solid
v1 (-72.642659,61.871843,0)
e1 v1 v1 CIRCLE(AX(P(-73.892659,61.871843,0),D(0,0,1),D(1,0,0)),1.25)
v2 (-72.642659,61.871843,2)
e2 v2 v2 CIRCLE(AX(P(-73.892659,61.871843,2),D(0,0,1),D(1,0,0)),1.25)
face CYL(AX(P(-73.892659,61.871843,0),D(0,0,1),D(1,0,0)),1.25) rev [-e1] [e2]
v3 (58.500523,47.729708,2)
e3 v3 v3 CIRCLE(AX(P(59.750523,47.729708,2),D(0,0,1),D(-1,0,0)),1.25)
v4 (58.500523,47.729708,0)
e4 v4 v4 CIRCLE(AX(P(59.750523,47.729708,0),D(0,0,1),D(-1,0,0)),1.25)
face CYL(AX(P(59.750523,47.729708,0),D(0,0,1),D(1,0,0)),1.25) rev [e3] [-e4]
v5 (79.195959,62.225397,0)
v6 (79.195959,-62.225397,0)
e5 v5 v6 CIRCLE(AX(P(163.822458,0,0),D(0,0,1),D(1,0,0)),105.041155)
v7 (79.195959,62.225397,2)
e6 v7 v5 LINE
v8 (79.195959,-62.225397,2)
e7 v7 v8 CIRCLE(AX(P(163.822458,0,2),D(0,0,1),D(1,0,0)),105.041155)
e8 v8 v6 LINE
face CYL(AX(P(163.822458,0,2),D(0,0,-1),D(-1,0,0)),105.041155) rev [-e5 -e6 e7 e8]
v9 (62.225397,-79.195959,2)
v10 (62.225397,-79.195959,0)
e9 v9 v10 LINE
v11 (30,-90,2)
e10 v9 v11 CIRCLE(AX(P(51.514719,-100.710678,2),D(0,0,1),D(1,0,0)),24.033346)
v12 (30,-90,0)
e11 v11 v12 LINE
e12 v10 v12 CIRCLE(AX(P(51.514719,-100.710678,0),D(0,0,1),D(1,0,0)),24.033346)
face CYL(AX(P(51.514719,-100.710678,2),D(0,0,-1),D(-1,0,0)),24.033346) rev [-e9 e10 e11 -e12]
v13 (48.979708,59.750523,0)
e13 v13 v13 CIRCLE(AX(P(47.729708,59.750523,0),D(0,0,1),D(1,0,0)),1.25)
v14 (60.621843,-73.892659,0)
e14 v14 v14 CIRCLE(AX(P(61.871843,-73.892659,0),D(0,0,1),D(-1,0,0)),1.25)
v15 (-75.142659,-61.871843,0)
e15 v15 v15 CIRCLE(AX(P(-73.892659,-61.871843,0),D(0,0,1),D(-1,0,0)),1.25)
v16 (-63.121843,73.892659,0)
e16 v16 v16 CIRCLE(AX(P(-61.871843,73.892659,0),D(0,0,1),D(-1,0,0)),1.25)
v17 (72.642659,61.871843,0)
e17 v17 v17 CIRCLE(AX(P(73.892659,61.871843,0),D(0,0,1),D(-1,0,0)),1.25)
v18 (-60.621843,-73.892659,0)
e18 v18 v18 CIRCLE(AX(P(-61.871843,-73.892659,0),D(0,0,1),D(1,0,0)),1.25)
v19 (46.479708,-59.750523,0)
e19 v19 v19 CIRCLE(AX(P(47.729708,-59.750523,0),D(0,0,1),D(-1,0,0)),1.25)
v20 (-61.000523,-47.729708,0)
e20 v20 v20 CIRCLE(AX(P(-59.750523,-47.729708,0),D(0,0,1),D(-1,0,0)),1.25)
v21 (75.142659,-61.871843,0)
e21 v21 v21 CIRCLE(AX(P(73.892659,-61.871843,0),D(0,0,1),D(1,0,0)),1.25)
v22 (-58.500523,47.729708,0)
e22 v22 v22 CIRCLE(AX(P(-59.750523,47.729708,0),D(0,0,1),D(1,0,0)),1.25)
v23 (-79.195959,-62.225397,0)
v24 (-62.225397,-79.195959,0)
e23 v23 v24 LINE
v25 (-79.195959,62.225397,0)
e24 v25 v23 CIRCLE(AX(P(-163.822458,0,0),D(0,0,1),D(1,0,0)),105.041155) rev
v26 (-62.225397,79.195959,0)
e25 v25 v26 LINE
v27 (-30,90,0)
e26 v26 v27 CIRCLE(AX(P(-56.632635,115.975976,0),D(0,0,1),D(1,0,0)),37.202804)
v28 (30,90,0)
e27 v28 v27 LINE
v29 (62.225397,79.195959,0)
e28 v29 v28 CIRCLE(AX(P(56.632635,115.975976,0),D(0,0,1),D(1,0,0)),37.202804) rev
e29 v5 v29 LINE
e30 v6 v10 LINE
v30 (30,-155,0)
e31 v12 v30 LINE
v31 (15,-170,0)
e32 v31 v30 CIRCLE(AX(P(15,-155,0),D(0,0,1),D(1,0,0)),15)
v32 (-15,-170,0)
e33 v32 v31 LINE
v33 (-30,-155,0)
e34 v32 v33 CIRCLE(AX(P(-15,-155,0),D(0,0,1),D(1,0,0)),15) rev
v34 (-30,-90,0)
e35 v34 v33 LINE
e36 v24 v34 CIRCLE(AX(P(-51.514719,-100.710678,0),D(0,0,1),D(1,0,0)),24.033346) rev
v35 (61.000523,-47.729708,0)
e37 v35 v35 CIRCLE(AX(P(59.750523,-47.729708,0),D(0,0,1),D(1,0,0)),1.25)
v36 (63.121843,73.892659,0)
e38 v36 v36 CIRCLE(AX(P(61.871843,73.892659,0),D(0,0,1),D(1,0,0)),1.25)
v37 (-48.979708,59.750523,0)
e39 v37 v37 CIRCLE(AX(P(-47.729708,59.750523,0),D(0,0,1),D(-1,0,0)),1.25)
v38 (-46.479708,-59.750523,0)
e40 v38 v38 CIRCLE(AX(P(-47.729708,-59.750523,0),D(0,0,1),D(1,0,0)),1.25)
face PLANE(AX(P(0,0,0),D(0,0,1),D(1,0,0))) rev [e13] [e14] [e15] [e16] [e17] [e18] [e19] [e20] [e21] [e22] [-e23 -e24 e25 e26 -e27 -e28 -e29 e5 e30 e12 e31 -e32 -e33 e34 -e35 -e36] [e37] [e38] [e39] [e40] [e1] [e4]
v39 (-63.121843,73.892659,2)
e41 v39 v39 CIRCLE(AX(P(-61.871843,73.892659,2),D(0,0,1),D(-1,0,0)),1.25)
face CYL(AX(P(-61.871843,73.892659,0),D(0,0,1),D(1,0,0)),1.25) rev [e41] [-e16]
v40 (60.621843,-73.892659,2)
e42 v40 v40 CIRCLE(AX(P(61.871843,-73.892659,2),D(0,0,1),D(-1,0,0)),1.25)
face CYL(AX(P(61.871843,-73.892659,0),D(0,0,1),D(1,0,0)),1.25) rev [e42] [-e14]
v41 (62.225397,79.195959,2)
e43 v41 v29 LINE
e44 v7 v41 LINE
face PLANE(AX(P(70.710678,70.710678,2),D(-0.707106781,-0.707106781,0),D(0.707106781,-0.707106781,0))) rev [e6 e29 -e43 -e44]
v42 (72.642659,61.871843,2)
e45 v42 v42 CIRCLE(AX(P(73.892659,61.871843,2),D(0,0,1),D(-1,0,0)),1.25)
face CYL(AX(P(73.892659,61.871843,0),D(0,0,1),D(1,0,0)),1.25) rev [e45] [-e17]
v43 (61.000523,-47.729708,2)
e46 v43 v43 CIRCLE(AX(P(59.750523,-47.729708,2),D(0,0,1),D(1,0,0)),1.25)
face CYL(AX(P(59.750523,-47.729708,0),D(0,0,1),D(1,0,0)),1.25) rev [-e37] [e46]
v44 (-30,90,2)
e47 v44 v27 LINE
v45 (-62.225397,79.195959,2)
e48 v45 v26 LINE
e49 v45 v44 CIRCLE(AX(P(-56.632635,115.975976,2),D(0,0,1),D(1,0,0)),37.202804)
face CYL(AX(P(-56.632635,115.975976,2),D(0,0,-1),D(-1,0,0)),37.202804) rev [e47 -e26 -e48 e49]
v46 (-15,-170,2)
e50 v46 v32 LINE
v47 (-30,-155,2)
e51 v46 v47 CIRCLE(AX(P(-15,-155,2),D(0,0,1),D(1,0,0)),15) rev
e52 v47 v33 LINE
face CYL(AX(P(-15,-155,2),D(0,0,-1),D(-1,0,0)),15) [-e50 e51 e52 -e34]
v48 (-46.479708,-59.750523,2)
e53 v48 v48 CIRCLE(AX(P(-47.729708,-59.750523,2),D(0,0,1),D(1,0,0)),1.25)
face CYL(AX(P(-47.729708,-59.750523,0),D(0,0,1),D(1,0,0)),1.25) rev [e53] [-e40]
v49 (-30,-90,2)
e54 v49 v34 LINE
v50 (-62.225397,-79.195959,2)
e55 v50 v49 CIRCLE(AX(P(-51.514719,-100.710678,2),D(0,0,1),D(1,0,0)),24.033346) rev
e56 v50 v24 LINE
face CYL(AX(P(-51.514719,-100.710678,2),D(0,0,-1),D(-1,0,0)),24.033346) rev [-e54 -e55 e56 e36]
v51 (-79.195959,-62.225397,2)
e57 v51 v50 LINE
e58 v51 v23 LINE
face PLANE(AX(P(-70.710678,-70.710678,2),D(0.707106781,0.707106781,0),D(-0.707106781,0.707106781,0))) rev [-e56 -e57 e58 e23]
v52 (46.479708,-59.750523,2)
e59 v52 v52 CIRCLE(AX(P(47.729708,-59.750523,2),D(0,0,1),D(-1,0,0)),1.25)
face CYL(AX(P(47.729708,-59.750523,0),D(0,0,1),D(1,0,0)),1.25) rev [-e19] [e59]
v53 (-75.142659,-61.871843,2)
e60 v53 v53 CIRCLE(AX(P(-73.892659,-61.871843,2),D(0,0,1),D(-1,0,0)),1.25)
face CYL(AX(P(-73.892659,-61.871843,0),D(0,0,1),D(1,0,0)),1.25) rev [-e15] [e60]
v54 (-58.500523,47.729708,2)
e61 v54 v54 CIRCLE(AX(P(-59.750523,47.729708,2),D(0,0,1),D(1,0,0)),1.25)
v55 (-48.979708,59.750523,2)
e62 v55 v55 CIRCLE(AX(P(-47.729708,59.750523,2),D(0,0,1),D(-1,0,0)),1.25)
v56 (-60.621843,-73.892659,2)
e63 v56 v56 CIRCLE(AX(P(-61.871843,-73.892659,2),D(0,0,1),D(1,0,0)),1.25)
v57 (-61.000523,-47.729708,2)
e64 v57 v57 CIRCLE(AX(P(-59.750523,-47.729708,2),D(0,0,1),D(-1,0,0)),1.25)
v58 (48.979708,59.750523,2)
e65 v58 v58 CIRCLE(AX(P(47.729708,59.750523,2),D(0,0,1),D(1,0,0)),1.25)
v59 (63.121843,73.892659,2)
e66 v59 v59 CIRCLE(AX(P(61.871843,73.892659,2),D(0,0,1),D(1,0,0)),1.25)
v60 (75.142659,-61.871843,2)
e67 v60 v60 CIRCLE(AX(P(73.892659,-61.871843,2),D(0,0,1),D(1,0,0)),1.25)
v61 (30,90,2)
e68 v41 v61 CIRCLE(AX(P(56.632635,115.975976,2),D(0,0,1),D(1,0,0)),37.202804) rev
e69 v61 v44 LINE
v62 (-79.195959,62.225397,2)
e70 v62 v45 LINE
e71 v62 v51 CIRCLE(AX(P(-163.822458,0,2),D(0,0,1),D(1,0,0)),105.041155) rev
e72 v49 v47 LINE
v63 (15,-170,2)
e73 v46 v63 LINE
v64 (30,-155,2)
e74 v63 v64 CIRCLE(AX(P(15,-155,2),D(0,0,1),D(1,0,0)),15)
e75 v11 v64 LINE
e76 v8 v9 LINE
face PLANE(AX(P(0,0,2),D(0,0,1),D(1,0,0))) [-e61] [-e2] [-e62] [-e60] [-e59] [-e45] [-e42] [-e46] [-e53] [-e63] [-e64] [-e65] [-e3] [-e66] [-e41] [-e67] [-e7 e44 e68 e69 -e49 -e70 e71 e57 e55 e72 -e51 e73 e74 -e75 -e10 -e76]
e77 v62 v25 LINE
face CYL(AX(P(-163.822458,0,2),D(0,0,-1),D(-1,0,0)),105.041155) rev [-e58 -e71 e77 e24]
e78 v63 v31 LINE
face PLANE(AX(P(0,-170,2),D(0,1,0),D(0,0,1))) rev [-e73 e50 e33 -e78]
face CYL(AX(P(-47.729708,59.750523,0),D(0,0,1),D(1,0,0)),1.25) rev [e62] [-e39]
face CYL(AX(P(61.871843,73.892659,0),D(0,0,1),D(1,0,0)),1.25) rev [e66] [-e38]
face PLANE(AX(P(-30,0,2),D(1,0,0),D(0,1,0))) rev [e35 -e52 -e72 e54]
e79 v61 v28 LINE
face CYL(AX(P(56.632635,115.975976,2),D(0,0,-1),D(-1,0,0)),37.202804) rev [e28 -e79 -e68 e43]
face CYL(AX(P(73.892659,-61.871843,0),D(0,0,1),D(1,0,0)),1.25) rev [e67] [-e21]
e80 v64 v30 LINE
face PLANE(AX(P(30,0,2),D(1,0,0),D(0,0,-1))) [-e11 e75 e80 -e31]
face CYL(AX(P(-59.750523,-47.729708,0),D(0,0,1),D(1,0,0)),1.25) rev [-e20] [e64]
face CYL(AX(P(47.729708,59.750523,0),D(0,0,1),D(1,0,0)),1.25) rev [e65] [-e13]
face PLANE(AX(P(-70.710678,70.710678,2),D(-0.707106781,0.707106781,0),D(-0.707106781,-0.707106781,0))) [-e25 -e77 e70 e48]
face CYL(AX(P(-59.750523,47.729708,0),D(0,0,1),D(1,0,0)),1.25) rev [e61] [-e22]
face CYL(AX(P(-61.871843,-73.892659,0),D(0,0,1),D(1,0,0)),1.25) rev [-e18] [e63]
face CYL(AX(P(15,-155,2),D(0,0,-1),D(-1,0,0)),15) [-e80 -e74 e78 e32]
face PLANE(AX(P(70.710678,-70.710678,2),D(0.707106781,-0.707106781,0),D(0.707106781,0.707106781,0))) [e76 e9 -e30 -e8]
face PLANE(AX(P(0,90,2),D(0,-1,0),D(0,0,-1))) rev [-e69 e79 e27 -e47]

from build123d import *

# Parameters (mm, degrees)
BOSS_EXTRUDE1_DEPTH = 2
SKETCH3_R           = 1.25
CUT_EXTRUDE1_DEPTH  = 188.552659272


with BuildPart() as part:
    # Sketch2 → Boss-Extrude1 (new body)
    with BuildSketch(Plane.XY):
        with BuildLine():
            Line((-79.195959493, 62.225396744), (-62.225396744, 79.195959493))
            ThreePointArc((-62.225396744, 79.195959493), (-44.806778225, 80.702789346), (-30, 90))
            Line((-30, 90), (30, 90))
            ThreePointArc((30, 90), (44.806778225, 80.702789346), (62.225396744, 79.195959493))
            Line((62.225396744, 79.195959493), (79.195959493, 62.225396744))
            ThreePointArc((79.195959493, 62.225396744), (58.781303002, 0), (79.195959493, -62.225396744))
            Line((79.195959493, -62.225396744), (62.225396744, -79.195959493))
            ThreePointArc((62.225396744, -79.195959493), (43.875108319, -77.923881554), (30, -90))
            Line((30, -90), (30, -155))
            ThreePointArc((30, -155), (25.606601718, -165.606601718), (15, -170))
            Line((15, -170), (-15, -170))
            ThreePointArc((-15, -170), (-25.606601718, -165.606601718), (-30, -155))
            Line((-30, -155), (-30, -90))
            ThreePointArc((-30, -90), (-43.875108319, -77.923881554), (-62.225396744, -79.195959493))
            Line((-62.225396744, -79.195959493), (-79.195959493, -62.225396744))
            ThreePointArc((-79.195959493, -62.225396744), (-58.781303002, 0), (-79.195959493, 62.225396744))
        make_face()
    extrude(amount=BOSS_EXTRUDE1_DEPTH)

    # Sketch3 → Cut-Extrude1 (cut, through all)
    with BuildSketch(Plane.XY.offset(2)):
        with Locations((-73.892658634, 61.871843354)):
            Circle(SKETCH3_R)
        with Locations((-59.75052301, 47.72970773)):
            Circle(SKETCH3_R)
        with Locations(Location((-61.871843354, 73.892658634, 0), (0, 0, 180))):
            Circle(SKETCH3_R)
        with Locations(Location((-47.72970773, 59.75052301, 0), (0, 0, 180))):
            Circle(SKETCH3_R)
        with Locations(Location((59.75052301, 47.72970773, 0), (0, 0, 180))):
            Circle(SKETCH3_R)
        with Locations(Location((73.892658634, 61.871843354, 0), (0, 0, 180))):
            Circle(SKETCH3_R)
        with Locations((61.871843354, 73.892658634)):
            Circle(SKETCH3_R)
        with Locations((47.72970773, 59.75052301)):
            Circle(SKETCH3_R)
        with Locations(Location((-59.75052301, -47.72970773, 0), (0, 0, 180))):
            Circle(SKETCH3_R)
        with Locations((-47.72970773, -59.75052301)):
            Circle(SKETCH3_R)
        with Locations((-61.871843354, -73.892658634)):
            Circle(SKETCH3_R)
        with Locations(Location((-73.892658634, -61.871843354, 0), (0, 0, 180))):
            Circle(SKETCH3_R)
        with Locations((59.75052301, -47.72970773)):
            Circle(SKETCH3_R)
        with Locations((73.892658634, -61.871843354)):
            Circle(SKETCH3_R)
        with Locations(Location((61.871843354, -73.892658634, 0), (0, 0, 180))):
            Circle(SKETCH3_R)
        with Locations(Location((47.72970773, -59.75052301, 0), (0, 0, 180))):
            Circle(SKETCH3_R)
    extrude(amount=-CUT_EXTRUDE1_DEPTH, mode=Mode.SUBTRACT)


solid = part.part
